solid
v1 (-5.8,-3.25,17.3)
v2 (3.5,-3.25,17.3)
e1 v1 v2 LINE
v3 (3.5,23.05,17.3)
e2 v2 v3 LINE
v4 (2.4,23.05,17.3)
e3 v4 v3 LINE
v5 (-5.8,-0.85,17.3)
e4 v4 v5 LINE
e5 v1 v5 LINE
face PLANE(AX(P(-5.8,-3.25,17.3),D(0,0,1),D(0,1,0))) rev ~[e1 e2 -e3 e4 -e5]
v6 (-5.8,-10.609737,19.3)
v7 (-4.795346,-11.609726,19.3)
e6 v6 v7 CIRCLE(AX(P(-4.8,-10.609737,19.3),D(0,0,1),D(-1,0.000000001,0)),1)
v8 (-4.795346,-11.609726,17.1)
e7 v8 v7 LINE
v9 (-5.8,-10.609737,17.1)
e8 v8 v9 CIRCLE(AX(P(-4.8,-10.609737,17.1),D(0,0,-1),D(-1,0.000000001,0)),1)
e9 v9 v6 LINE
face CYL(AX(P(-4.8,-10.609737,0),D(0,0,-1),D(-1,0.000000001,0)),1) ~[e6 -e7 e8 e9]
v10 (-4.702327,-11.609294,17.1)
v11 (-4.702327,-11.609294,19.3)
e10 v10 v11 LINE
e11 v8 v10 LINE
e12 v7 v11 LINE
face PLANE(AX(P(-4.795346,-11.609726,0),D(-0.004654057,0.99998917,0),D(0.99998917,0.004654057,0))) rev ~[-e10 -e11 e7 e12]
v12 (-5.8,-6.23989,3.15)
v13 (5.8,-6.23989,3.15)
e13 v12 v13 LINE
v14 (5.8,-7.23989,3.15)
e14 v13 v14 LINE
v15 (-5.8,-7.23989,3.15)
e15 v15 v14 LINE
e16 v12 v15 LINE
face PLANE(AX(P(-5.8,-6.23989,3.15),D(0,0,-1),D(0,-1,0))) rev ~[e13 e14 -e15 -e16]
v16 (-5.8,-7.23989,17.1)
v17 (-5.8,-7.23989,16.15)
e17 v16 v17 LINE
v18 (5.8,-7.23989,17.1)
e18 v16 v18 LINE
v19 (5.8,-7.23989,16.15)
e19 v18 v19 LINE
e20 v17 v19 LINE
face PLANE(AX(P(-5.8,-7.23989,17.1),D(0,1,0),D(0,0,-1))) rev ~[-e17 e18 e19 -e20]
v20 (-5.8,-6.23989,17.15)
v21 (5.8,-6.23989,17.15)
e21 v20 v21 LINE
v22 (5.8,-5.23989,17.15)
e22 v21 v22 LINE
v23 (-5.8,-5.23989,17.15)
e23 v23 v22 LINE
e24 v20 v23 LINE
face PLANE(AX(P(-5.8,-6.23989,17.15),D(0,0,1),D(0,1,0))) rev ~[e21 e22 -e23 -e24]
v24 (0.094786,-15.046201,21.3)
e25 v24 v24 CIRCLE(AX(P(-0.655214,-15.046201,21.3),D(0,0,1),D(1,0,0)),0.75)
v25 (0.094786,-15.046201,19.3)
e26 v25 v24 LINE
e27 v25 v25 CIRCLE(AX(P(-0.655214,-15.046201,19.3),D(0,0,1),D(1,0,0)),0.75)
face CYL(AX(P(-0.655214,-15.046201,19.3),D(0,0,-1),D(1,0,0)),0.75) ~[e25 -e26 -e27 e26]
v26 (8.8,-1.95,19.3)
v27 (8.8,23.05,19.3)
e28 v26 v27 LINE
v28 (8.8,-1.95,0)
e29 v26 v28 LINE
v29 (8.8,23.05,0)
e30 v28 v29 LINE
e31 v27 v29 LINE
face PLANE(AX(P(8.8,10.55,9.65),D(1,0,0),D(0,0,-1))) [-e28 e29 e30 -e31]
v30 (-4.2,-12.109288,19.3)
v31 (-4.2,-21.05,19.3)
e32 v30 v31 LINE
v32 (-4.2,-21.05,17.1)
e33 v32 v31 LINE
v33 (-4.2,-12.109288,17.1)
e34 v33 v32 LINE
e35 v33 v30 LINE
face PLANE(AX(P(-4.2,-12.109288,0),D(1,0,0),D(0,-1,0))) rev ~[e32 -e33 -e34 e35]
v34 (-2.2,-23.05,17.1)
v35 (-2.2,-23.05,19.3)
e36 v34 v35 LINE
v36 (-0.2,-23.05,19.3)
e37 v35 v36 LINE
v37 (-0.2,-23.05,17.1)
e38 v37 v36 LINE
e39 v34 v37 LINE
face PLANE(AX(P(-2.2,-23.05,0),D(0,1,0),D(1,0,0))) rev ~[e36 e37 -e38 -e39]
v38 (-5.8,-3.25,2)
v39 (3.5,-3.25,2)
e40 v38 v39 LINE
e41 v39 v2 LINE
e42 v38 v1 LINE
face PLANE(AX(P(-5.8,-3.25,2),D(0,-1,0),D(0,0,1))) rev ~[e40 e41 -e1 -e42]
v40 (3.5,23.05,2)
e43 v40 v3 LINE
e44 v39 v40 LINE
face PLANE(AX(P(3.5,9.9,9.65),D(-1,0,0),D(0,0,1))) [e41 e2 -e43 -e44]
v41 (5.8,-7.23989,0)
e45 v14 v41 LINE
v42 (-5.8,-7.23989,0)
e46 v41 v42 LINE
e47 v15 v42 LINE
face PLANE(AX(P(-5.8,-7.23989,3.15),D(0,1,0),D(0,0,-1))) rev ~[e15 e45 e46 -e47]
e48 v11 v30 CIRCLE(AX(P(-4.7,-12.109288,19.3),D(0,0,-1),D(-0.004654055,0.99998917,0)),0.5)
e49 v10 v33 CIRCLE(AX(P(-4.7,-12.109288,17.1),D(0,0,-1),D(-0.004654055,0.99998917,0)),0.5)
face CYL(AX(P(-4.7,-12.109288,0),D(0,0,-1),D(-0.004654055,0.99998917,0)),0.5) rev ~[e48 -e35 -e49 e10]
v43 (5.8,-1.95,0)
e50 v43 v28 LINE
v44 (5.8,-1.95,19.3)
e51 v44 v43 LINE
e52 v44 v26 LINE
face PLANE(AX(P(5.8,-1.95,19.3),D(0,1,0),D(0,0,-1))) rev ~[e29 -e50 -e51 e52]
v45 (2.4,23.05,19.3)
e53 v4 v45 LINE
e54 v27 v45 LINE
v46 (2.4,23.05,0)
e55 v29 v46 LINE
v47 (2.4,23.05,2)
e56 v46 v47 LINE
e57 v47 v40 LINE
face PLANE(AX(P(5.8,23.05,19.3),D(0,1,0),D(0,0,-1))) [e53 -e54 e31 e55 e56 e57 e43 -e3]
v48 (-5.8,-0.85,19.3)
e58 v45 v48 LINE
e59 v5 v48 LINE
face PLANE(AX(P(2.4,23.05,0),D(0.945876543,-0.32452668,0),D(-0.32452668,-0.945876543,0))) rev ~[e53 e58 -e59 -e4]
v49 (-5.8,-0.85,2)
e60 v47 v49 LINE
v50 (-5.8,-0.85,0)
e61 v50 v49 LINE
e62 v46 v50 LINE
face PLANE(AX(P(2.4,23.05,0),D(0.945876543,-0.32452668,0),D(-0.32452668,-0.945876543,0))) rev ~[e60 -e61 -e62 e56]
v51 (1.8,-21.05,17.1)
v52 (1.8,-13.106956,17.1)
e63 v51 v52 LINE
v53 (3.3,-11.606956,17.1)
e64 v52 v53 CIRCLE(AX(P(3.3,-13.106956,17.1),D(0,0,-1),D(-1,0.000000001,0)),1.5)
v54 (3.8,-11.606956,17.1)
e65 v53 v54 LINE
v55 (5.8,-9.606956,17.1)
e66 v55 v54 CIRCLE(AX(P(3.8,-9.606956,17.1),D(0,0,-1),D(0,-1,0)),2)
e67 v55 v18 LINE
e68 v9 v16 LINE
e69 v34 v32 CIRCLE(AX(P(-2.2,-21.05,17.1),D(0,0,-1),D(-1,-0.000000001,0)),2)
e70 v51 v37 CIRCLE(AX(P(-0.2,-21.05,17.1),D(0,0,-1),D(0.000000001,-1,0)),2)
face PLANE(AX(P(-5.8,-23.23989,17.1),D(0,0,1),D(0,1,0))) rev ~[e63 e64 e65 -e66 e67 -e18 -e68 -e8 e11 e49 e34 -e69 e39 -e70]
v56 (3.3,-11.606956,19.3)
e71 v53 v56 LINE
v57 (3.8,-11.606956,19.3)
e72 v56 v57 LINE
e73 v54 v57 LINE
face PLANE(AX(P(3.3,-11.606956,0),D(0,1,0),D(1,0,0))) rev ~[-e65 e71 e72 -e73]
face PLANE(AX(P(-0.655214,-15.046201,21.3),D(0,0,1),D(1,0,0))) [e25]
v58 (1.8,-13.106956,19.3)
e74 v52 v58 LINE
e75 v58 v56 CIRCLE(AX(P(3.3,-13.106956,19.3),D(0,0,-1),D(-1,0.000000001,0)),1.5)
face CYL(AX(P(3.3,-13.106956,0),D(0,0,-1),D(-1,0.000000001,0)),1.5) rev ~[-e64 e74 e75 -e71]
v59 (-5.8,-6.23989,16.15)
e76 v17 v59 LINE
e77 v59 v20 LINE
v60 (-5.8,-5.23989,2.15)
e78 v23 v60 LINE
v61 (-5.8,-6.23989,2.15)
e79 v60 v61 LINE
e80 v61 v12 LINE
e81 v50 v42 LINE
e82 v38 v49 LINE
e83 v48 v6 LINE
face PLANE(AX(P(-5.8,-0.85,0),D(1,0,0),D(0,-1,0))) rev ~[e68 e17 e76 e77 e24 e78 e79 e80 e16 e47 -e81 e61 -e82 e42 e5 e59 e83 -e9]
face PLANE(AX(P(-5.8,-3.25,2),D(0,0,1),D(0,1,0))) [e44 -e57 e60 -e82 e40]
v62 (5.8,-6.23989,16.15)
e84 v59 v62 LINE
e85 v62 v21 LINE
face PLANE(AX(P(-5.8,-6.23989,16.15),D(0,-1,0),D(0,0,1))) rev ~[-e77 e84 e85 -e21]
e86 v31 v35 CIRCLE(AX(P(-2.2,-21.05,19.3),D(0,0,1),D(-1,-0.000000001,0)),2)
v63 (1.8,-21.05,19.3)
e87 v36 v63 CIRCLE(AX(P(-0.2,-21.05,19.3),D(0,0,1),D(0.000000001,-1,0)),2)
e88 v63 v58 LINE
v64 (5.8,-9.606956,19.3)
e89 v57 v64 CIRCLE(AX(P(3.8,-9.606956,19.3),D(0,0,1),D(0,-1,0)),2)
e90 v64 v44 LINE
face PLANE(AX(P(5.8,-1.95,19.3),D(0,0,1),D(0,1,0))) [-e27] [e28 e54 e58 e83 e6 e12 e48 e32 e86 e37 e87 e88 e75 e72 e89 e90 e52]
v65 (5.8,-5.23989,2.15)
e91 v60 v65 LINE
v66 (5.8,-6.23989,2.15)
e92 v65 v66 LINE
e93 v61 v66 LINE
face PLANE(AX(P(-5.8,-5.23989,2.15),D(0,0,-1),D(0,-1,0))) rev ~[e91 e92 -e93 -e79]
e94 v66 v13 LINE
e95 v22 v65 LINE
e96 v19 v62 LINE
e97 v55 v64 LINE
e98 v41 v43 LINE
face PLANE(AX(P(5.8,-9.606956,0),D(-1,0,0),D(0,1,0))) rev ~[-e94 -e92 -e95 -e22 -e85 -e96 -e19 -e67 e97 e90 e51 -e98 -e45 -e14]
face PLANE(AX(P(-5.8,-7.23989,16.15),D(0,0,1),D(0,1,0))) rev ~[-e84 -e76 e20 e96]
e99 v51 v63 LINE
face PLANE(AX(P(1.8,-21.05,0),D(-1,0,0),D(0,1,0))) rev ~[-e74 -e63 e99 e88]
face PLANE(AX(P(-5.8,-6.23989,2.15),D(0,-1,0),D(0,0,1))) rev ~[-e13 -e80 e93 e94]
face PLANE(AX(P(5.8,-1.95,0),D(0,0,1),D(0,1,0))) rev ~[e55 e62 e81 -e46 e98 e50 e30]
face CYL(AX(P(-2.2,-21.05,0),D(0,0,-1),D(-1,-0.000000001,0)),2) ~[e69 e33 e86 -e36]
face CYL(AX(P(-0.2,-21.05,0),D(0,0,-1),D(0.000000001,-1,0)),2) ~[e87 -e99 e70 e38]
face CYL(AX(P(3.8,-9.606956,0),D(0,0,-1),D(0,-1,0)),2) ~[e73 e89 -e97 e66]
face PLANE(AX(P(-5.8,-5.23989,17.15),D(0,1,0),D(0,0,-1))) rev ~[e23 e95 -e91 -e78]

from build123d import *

# Parameters (mm, degrees)
SALIENTE_EXTRUIR1_DEPTH = 19.3
CROQUIS2_W              = 15.3
CROQUIS2_H              = 26.3
CORTAR_EXTRUIR1_DEPTH   = 9.3
CORTAR_EXTRUIR2_DEPTH   = 12.3
CROQUIS6_R              = 0.75
SALIENTE_EXTRUIR2_DEPTH = 2
CROQUIS7_W              = 19.3
CROQUIS7_H              = 25
SALIENTE_EXTRUIR3_DEPTH = 3


with BuildPart() as part:
    # Croquis1 → Saliente-Extruir1 (new body)
    with BuildSketch(Plane.XY):
        with BuildLine():
            Line((5.8, 23.05), (2.4, 23.05))
            Line((2.4, 23.05), (-5.8, -0.85))
            Line((-5.8, -0.85), (-5.8, -10.609737321))
            ThreePointArc((-5.8, -10.609737321), (-5.505459406, -11.318487649), (-4.795345946, -11.609726491))
            Line((-4.795345946, -11.609726491), (-4.702327027, -11.609293571))
            ThreePointArc((-4.702327027, -11.609293571), (-4.347270297, -11.754912992), (-4.2, -12.109288156))
            Line((-4.2, -12.109288156), (-4.2, -21.05))
            ThreePointArc((-4.2, -21.05), (-3.614213562, -22.464213562), (-2.2, -23.05))
            Line((-2.2, -23.05), (-0.2, -23.05))
            ThreePointArc((-0.2, -23.05), (1.214213562, -22.464213562), (1.8, -21.05))
            Line((1.8, -21.05), (1.8, -13.106955688))
            ThreePointArc((1.8, -13.106955688), (2.239339828, -12.046295517), (3.3, -11.606955688))
            Line((3.3, -11.606955688), (3.8, -11.606955688))
            ThreePointArc((3.8, -11.606955688), (5.214213562, -11.021169251), (5.8, -9.606955688))
            Line((5.8, -9.606955688), (5.8, 23.05))
        make_face()
    extrude(amount=SALIENTE_EXTRUIR1_DEPTH)

    # Croquis2 → Cortar-Extruir1 (cut)
    with BuildSketch(Plane.ZY.offset(5.8)):
        with Locations((9.65, 9.9)):
            Rectangle(CROQUIS2_W, CROQUIS2_H)
    extrude(amount=-CORTAR_EXTRUIR1_DEPTH, mode=Mode.SUBTRACT)

    # Croquis4 → Cortar-Extruir2 (cut)
    with BuildSketch(Plane.ZY.offset(5.8)):
        Polygon((2.15, -5.239890457), (2.15, -6.239890457), (3.15, -6.239890457), (3.15, -7.239890457), (-0.05, -7.239890457), (-0.05, -23.239890457), (17.1, -23.239890457), (17.1, -7.239890457), (16.15, -7.239890457), (16.15, -6.239890457), (17.15, -6.239890457), (17.15, -5.239890457), align=None)
    extrude(amount=-CORTAR_EXTRUIR2_DEPTH, mode=Mode.SUBTRACT)

    # Croquis6 → Saliente-Extruir2 (add)
    with BuildSketch(Plane.XY.offset(19.3)):
        with Locations((-0.655214383, -15.046201441)):
            Circle(CROQUIS6_R)
    extrude(amount=SALIENTE_EXTRUIR2_DEPTH)

    # Croquis7 → Saliente-Extruir3 (add)
    with BuildSketch(Plane(origin=(5.8, 0, 0), x_dir=(0, 0, -1), z_dir=(1, 0, 0))):
        with Locations((-9.65, 10.55)):
            Rectangle(CROQUIS7_W, CROQUIS7_H)
    extrude(amount=SALIENTE_EXTRUIR3_DEPTH)


solid = part.part
